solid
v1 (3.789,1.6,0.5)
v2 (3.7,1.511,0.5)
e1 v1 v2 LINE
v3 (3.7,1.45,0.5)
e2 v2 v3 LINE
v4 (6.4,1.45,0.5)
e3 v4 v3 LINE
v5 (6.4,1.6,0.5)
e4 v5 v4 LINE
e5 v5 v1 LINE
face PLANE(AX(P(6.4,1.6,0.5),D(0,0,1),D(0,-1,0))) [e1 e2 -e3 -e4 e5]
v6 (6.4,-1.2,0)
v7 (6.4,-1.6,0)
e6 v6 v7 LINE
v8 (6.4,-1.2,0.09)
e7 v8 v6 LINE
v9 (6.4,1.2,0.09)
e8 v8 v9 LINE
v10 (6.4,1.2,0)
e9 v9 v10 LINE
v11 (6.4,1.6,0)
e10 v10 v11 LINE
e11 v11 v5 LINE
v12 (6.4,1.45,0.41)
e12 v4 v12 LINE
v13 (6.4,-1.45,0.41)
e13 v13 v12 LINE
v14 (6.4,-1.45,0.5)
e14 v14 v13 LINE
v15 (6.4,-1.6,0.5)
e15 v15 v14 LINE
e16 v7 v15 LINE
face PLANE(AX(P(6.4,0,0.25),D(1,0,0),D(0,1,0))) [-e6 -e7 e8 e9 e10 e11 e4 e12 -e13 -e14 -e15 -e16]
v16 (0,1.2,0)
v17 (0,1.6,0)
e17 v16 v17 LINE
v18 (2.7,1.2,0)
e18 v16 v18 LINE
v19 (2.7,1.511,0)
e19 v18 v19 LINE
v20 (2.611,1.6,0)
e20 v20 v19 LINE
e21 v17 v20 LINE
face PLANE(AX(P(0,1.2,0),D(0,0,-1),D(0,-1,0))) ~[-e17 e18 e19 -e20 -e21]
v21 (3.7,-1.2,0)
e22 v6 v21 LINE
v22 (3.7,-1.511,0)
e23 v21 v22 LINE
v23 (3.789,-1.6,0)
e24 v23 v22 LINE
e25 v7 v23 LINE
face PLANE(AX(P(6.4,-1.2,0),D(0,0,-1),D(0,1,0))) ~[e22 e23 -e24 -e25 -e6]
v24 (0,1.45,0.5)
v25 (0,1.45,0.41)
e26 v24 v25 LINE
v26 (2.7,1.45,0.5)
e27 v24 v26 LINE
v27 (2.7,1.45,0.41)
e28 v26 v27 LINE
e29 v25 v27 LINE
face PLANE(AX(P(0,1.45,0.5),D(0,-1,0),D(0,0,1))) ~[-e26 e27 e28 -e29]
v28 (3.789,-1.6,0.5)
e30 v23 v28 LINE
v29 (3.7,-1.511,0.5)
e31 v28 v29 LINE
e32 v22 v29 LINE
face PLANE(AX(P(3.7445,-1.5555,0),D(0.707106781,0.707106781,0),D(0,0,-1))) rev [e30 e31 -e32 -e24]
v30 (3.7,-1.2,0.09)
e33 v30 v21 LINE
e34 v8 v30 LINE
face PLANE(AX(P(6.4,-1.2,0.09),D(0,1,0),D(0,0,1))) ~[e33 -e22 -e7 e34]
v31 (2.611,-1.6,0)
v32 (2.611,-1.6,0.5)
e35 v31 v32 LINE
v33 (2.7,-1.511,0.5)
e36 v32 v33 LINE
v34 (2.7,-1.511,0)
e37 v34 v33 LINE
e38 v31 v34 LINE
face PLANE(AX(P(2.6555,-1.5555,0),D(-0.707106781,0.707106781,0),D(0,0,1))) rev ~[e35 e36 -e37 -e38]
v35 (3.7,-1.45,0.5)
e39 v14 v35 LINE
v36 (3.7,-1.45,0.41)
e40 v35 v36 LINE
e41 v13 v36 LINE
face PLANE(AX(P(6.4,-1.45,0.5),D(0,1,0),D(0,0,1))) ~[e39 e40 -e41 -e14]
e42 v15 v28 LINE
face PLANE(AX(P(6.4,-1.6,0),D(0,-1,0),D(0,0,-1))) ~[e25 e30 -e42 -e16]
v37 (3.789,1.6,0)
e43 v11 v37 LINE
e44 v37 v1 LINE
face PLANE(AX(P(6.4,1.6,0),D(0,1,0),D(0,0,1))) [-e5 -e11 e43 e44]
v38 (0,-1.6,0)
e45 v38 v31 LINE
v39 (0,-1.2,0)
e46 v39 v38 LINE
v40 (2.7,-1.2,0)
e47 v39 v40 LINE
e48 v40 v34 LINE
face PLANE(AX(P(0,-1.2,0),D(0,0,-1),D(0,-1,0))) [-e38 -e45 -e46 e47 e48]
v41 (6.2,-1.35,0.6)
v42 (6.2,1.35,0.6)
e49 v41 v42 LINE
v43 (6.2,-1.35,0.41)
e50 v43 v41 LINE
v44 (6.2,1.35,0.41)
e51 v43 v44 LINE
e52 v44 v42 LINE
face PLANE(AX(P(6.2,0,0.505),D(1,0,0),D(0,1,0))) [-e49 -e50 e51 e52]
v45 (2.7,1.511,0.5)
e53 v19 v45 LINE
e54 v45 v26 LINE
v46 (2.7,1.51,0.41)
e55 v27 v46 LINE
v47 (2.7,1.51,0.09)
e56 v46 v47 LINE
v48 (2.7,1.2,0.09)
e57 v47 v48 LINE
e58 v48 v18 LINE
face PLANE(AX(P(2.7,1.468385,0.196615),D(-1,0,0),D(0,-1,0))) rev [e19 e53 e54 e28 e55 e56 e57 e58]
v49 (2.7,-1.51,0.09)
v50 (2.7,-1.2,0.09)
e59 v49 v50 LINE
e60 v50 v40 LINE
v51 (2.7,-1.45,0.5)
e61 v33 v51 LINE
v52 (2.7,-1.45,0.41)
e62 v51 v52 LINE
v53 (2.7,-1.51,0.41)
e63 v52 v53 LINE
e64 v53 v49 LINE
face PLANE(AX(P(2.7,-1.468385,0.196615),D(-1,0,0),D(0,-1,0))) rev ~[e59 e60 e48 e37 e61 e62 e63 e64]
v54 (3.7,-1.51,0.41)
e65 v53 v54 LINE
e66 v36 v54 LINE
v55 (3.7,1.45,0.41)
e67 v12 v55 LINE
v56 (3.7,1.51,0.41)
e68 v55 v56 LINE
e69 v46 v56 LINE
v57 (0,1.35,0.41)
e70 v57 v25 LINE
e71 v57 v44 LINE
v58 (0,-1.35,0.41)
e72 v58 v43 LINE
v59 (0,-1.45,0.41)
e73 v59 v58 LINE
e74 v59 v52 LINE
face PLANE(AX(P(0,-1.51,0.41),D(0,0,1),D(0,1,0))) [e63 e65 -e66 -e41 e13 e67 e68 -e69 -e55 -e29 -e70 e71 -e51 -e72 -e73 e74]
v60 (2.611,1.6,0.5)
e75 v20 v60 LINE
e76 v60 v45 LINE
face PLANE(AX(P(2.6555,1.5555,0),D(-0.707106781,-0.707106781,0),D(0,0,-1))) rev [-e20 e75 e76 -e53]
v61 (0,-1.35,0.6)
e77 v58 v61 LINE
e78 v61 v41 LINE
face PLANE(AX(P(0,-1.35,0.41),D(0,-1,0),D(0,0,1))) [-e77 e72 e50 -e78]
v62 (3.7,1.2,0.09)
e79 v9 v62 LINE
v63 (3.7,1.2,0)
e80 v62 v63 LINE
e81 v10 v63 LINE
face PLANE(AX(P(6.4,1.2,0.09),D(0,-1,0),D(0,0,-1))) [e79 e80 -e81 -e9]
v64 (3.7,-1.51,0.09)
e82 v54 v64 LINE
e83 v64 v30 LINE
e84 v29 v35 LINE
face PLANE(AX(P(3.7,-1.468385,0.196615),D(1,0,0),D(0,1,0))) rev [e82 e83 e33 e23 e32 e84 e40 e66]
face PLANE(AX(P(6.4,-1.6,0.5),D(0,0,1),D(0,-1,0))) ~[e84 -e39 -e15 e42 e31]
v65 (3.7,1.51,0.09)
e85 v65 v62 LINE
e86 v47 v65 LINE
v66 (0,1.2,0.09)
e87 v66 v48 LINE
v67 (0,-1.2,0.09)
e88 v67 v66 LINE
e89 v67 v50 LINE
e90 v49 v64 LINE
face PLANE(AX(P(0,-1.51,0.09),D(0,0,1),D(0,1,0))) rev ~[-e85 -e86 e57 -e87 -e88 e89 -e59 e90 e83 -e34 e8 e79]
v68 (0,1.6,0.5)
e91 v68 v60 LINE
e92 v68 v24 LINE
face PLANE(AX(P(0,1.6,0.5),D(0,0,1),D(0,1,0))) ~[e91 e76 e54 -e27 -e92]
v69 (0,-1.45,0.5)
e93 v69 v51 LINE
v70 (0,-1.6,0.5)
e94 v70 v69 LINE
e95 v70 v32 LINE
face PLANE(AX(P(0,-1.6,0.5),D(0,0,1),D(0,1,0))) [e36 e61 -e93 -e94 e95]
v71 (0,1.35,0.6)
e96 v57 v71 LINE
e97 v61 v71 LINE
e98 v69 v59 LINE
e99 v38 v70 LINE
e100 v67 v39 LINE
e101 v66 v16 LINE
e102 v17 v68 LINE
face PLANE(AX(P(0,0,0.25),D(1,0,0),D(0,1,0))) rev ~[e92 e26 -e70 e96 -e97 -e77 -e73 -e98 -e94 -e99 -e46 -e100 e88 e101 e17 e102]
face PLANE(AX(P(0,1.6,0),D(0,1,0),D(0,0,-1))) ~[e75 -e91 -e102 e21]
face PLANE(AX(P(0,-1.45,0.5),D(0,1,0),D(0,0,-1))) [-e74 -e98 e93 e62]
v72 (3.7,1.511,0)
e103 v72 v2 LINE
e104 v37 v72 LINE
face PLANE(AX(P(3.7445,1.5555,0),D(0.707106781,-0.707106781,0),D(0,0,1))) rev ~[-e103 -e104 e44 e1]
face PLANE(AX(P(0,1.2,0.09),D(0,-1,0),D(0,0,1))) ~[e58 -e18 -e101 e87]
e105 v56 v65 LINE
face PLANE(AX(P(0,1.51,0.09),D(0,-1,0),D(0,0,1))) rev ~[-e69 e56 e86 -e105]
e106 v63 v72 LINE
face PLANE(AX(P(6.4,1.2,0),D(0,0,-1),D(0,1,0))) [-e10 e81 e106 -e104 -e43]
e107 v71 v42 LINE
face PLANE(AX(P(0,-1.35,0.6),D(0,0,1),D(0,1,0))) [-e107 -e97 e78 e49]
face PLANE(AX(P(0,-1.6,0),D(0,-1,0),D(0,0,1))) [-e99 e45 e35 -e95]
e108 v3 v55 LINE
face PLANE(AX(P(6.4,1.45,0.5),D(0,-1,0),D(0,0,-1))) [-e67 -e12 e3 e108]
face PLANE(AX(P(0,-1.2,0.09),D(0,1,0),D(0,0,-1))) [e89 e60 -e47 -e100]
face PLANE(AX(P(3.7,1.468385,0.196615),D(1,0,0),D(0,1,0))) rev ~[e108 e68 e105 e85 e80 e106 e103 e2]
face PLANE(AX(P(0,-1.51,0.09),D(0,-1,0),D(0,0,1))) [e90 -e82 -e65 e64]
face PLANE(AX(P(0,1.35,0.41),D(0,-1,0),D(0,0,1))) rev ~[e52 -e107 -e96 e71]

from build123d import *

# Parameters (mm, degrees)
SKETCH001_W  = 2.7
SKETCH001_H  = 0.19
PAD001_DEPTH = 6.2
SKETCH_W     = 3.02
SKETCH_H     = 0.32
PAD_DEPTH    = 6.4
PAD002_DEPTH = 2.7
CHAMFER_SIZE = 0.089


with BuildPart() as body001:
    # Sketch001 → Pad001 (new body)
    with BuildSketch(Plane.YZ):
        with Locations((0, 0.505)):
            Rectangle(SKETCH001_W, SKETCH001_H)
    extrude(amount=PAD001_DEPTH)


with BuildPart() as fusion002:
    # Sketch → Pad (new body)
    with BuildSketch(Plane.YZ):
        with Locations((0, 0.25)):
            Rectangle(SKETCH_W, SKETCH_H)
    extrude(amount=PAD_DEPTH)

    # Fusion002: union Body001
    add(body001.part)


with BuildPart() as body002:
    # Sketch002 → Pad002 (new body)
    with BuildSketch(Plane.YZ):
        Polygon((-1.45, 0.41), (-1.51, 0.41), (-1.51, 0.09), (-1.2, 0.09), (-1.2, 0), (-1.6, 0), (-1.6, 0.5), (-1.45, 0.5), align=None)
    extrude(amount=PAD002_DEPTH)

    # Chamfer
    chamfer_edges = [body002.edges().sort_by_distance(p)[0] for p in [
        (2.7, -1.6, 0.25),
    ]]
    chamfer(chamfer_edges, length=CHAMFER_SIZE)


with BuildPart() as mirror_of_body002:
    # mirror: instance of Body002
    add(body002.part.mirror(Plane(origin=(3.2, 0, 0), x_dir=(0, -1, 0), z_dir=(1, 0, 0))))


with BuildPart() as fusion:
    # Fusion base: copy of Body002
    add(body002.part)

    # Fusion: union Mirror of Body002
    add(mirror_of_body002.part)


with BuildPart() as mirror_of_fusion:
    # mirror001: instance of Fusion
    add(fusion.part.mirror(Plane(origin=(0, 0, 0), x_dir=(1, 0, 0), z_dir=(0, 1, 0))))


with BuildPart() as lvk25:
    # Fusion001 base: copy of Fusion
    add(fusion.part)

    # Fusion001: union Mirror of Fusion
    add(mirror_of_fusion.part)

    # Fusion003: union Fusion002
    add(fusion002.part)


solid = lvk25.part
